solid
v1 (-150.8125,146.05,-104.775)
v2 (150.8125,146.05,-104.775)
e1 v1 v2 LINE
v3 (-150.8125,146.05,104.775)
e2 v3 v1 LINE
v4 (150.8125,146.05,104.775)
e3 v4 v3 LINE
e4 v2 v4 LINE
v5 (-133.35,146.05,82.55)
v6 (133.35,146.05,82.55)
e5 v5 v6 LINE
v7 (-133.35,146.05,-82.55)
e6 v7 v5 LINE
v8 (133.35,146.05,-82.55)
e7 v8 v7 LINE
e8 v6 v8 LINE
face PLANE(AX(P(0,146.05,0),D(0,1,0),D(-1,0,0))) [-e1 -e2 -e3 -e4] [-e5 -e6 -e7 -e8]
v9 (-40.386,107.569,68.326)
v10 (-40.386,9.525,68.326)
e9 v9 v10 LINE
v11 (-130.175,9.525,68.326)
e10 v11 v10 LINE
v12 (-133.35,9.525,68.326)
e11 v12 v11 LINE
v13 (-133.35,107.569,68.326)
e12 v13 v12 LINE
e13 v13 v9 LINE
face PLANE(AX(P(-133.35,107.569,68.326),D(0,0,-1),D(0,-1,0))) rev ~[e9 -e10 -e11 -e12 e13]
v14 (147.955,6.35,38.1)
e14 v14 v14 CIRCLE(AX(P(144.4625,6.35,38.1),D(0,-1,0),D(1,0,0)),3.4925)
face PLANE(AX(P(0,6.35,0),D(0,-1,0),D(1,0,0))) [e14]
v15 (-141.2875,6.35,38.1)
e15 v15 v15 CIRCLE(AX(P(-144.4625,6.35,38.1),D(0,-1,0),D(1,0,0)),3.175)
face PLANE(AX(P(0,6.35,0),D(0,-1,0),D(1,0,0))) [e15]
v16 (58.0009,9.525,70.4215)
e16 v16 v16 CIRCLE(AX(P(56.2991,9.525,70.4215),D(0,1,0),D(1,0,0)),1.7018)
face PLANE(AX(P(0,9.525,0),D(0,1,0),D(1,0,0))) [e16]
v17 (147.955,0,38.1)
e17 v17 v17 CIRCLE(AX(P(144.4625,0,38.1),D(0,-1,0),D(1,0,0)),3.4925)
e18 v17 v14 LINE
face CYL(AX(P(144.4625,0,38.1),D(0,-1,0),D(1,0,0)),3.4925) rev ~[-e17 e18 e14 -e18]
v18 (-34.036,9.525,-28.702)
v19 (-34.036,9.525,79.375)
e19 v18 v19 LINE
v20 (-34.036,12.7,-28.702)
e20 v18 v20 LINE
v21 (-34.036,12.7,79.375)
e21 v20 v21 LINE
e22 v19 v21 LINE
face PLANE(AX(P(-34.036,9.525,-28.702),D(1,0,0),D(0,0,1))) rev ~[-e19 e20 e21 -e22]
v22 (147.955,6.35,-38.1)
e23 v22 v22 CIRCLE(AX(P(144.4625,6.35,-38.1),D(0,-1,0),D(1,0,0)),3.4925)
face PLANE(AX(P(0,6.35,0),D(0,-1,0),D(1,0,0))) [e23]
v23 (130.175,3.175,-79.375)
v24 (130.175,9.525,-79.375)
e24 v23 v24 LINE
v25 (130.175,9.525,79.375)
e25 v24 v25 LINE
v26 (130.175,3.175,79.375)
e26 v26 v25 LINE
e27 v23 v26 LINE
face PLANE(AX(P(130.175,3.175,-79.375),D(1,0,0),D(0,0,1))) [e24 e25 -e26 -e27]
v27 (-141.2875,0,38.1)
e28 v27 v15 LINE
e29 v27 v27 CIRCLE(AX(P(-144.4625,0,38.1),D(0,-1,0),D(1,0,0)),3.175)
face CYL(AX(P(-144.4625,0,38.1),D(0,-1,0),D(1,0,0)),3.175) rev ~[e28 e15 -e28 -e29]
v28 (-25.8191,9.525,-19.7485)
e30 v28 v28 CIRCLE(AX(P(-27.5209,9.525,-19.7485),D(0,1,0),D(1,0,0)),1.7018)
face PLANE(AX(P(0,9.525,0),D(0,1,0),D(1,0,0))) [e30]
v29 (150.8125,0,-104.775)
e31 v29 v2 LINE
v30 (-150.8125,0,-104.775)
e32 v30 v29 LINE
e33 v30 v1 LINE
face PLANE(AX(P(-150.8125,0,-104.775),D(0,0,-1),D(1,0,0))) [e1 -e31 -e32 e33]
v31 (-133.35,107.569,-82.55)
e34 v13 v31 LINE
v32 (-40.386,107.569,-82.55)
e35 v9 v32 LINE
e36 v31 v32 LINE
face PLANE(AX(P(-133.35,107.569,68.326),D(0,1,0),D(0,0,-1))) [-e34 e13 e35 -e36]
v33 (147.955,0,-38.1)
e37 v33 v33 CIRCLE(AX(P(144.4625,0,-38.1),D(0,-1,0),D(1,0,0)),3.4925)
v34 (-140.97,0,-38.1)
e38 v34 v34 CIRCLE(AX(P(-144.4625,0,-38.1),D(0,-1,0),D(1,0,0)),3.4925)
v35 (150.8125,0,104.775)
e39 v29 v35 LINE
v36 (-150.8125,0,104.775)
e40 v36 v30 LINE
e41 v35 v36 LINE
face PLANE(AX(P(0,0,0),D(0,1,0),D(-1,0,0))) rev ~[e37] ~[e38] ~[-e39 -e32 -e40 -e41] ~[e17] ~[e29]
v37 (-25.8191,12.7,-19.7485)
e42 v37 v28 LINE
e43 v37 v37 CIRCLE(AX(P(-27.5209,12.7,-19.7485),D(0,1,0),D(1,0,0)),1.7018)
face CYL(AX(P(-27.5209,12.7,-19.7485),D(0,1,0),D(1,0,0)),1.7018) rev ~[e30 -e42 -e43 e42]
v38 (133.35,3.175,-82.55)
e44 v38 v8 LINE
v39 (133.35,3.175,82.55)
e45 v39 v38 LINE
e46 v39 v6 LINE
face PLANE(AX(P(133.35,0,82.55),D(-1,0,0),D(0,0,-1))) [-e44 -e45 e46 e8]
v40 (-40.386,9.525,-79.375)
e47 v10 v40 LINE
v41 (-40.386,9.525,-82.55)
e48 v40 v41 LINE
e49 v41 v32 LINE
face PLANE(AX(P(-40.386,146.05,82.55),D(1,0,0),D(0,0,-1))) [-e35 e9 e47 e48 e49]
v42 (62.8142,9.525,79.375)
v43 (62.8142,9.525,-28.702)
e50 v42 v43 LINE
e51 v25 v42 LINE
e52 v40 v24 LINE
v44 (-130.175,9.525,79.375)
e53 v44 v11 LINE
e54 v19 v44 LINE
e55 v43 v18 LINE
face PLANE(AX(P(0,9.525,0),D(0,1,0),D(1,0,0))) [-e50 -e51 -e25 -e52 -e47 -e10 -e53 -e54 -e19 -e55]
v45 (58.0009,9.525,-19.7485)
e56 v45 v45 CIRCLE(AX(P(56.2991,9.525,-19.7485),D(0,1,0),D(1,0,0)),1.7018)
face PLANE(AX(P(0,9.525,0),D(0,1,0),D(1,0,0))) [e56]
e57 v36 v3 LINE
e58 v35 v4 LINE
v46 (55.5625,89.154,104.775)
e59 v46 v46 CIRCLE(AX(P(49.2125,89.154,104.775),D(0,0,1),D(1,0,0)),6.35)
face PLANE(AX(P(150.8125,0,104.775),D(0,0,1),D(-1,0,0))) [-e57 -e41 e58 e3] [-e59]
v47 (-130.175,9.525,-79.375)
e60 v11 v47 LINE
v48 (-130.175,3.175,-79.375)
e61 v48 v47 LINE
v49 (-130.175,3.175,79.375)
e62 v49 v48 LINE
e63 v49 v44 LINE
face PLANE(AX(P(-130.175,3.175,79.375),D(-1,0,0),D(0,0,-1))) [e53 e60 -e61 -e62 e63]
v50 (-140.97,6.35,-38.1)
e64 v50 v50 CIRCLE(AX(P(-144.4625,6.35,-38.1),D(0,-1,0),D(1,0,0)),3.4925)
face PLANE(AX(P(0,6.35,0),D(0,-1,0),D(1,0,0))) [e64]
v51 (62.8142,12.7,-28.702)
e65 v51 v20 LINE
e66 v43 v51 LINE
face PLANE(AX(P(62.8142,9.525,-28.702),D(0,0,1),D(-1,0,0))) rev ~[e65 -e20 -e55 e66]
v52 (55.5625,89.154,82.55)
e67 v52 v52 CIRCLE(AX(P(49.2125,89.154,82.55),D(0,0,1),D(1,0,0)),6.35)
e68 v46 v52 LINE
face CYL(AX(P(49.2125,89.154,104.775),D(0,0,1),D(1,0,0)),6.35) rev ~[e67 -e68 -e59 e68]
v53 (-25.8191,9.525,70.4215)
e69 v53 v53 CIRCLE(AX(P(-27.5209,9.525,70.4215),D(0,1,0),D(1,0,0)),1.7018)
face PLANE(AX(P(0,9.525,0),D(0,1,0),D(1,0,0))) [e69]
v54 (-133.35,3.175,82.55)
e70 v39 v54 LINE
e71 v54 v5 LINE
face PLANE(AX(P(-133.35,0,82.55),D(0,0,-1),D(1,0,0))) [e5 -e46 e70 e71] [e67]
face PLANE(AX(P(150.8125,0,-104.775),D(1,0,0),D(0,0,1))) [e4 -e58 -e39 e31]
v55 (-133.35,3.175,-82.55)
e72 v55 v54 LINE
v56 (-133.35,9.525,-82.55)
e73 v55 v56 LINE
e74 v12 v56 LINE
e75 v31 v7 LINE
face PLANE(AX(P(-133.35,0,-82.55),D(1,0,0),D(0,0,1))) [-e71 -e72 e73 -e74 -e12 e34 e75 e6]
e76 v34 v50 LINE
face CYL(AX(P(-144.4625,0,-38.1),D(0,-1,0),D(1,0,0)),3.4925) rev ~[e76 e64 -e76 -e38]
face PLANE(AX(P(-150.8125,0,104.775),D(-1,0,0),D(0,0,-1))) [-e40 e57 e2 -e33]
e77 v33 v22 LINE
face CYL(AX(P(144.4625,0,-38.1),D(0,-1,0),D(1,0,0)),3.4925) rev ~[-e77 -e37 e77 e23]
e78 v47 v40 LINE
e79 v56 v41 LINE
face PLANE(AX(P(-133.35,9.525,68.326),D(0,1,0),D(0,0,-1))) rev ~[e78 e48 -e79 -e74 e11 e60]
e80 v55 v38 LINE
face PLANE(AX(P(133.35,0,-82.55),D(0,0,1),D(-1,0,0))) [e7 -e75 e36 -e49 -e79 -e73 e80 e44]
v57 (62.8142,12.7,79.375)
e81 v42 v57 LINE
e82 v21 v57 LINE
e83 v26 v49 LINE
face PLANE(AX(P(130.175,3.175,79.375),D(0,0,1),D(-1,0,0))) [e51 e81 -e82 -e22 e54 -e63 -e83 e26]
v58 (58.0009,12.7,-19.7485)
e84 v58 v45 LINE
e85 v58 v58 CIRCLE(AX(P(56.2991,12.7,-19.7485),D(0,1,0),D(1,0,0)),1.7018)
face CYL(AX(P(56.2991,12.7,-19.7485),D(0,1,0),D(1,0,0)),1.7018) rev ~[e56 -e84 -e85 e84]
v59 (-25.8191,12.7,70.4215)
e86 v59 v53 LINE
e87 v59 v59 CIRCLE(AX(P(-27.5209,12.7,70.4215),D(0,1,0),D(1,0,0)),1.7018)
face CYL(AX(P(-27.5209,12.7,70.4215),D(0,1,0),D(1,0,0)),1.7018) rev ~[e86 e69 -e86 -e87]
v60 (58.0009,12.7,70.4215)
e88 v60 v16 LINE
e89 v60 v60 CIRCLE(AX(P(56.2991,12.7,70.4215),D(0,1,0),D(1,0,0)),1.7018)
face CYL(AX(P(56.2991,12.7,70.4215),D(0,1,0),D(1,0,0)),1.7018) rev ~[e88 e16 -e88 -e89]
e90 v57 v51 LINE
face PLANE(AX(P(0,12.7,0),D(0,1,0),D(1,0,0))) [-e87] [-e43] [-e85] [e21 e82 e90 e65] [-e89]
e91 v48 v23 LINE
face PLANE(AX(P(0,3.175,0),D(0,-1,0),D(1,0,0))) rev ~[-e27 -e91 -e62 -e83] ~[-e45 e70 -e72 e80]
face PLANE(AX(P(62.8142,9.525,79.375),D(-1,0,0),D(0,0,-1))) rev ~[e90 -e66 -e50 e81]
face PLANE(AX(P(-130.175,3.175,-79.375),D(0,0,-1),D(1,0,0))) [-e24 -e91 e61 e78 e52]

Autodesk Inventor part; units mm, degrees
ref_plane "YZ Plane" through (0, 0, 0) normal (1, 0, 0) x (0, 1, 0)
ref_plane "XZ Plane" through (0, 0, 0) normal (0, 1, 0) x (-1, 0, 0)
ref_plane "XY Plane" through (0, 0, 0) normal (0, 0, 1) x (1, 0, 0)
sketch "Sketch1" plane through (0, 0, 0) normal (0, 1, 0) x (-1, 0, 0)
  line L0 (133.35, 82.55) -> (-133.35, 82.55)
  line L1 (-133.35, 82.55) -> (-133.35, -82.55)
  line L2 (-133.35, -82.55) -> (133.35, -82.55)
  line L3 (133.35, -82.55) -> (133.35, 82.55)
  line L4 (133.35, 82.55) -> (-133.35, -82.55) construction
  line L5 (-133.35, 82.55) -> (133.35, -82.55) construction
  line L6 (-150.8125, 104.775) -> (150.8125, 104.775)
  line L7 (150.8125, 104.775) -> (150.8125, -104.775)
  line L8 (150.8125, -104.775) -> (-150.8125, -104.775)
  line L9 (-150.8125, -104.775) -> (-150.8125, 104.775)
  line L10 (-150.8125, 104.775) -> (150.8125, -104.775) construction
  line L11 (150.8125, 104.775) -> (-150.8125, -104.775) construction
  point P0 (0, 0)
  dimension "d0" = 165.1
  dimension "d1" = 266.7
  dimension "d2" = 209.55
  dimension "d3" = 301.625
extrude "Extrusion1" add sketch "Sketch1" along normal blind 146.05
sketch "Sketch2" plane through (0, 0, 0) normal (0, -1, 0) x (1, 0, 0)
  line L0 (133.35, 82.55) -> (-133.35, 82.55) projected
  line L1 (-133.35, -82.55) -> (133.35, -82.55) projected
  line L2 (-133.35, 82.55) -> (133.35, 82.55)
  line L3 (133.35, 82.55) -> (133.35, -82.55)
  line L4 (133.35, -82.55) -> (-133.35, -82.55)
  line L5 (-133.35, -82.55) -> (-133.35, 82.55)
  point P0 (0, 0)
  point P1 (133.35, 82.55)
  point P2 (-133.35, -82.55)
extrude "Extrusion2" add sketch "Sketch2" against normal blind 3.175
sketch "Sketch3" plane through (0, 3.175, 0) normal (0, 1, 0) x (1, 0, 0)
  line L0 (-133.35, -82.55) -> (-133.35, 82.55) projected
  line L1 (-133.35, 82.55) -> (133.35, 82.55) projected
  line L2 (-133.35, -82.55) -> (133.35, -82.55)
  line L3 (133.35, -82.55) -> (133.35, 82.55)
  line L4 (133.35, 82.55) -> (-133.35, 82.55)
  line L5 (-133.35, 82.55) -> (-133.35, -82.55)
  line L6 (130.175, -79.375) -> (-130.175, -79.375)
  line L7 (-130.175, -79.375) -> (-130.175, 79.375)
  line L8 (-130.175, 79.375) -> (130.175, 79.375)
  line L9 (130.175, 79.375) -> (130.175, -79.375)
  point P0 (0, 0)
  dimension "d8" = 3.175
extrude "Extrusion3" add sketch "Sketch3" along normal blind 6.35 contours L6 L7 L8 L9
sketch "Sketch5" plane through (-133.35, 146.05, 82.55) normal (1, 0, 0) x (0, 0, -1)
  line L0 (0, -38.481) -> (165.1, -38.481)
  line L1 (165.1, -38.481) -> (14.224, -38.481)
  line L2 (14.224, -38.481) -> (14.224, -136.525)
  line L3 (14.224, -136.525) -> (165.1, -136.525)
  line L4 (165.1, -136.525) -> (165.1, -38.481)
  point P0 (82.55, -146.05)
  point P1 (165.1, -142.875)
  dimension "d15" = 98.044
  dimension "d16" = 150.876
  dimension "d19" = 6.35
extrude "Extrusion5" add sketch "Sketch5" along normal blind 92.964
sketch "Sketch6" plane through (0, 9.525, 0) normal (0, 1, 0) x (1, 0, 0)
  line L0 (62.8142, 28.702) -> (-34.036, 28.702)
  line L1 (-34.036, 28.702) -> (-34.036, -79.375)
  line L2 (-34.036, -79.375) -> (62.8142, -79.375)
  line L3 (62.8142, -79.375) -> (62.8142, 28.702)
  line L4 (-130.175, -79.375) -> (130.175, -79.375) projected
  line L5 (-40.386, 82.55) -> (-40.386, -68.326) projected
  point P0 (0, 0)
  dimension "d20" = 108.077
  dimension "d21" = 96.8502
  dimension "d61" = 0
  dimension "d62" = 6.35
extrude "Extrusion6" add sketch "Sketch6" along normal blind 3.175
sketch "Sketch8" plane through (0, 0, 0) normal (0, -1, 0) x (1, 0, 0)
  circle A0 centre (144.4625, 38.1) radius 3.4925
  line L0 (-150.8125, 104.775) -> (150.8125, 104.775) projected
  line L1 (150.8125, 104.775) -> (150.8125, -104.775) projected
  circle A1 centre (144.4625, -38.1) radius 3.4925
  line L2 (150.8125, -104.775) -> (-150.8125, -104.775) projected
  circle A2 centre (-144.4625, 38.1) radius 3.175
  circle A3 centre (-144.4625, -38.1) radius 3.4925
  line L3 (-150.8125, -104.775) -> (-150.8125, 104.775) projected
  line L4 (150.8125, 50.8) -> (-150.8125, 50.8)
  line L5 (150.8125, -50.8) -> (-150.8125, -50.8)
  point P0 (0, 0)
  dimension "d28" = 6.985
  dimension "d30" = 6.35
  dimension "d31" = 6.35
  dimension "d33" = 6.985
  dimension "d34" = 6.35
  dimension "d36" = 6.35
  dimension "d38" = 6.985
  dimension "d39" = 6.35
  dimension "d55" = 50.8
  dimension "d56" = 50.8
  dimension "d57" = 12.7
  dimension "d58" = 12.7
  dimension "d59" = 12.7
  dimension "d60" = 12.7
extrude "Extrusion8" cut sketch "Sketch8" against normal blind 6.35 contours A0 | A1 | A2 | A3
sketch "Sketch11" plane through (0, 12.7, 0) normal (0, 1, 0) x (1, 0, 0)
  circle A0 centre (56.2991, 19.7485) radius 1.7018
  circle A1 centre (56.2991, -70.4215) radius 1.7018
  circle A2 centre (-27.5209, 19.7485) radius 1.7018
  circle A3 centre (-27.5209, -70.4215) radius 1.7018
  line L0 (62.8142, 28.702) -> (-34.036, 28.702) projected
  line L1 (-34.036, -79.375) -> (62.8142, -79.375) projected
  line L2 (62.8142, -79.375) -> (62.8142, 28.702) projected
  line L3 (-34.036, 28.702) -> (-34.036, -79.375) projected
  point P0 (0, 0)
  dimension "d82" = 3.4036
  dimension "d83" = 83.82
  dimension "d85" = 83.82
  dimension "d87" = 6.5151
  dimension "d88" = 6.5151
  dimension "d89" = 90.17
  dimension "d90" = 8.9535
  dimension "d91" = 3.4036
  dimension "d92" = 3.4036
  dimension "d93" = 3.4036
extrude "Extrusion11" cut sketch "Sketch11" against normal up to surface (3.175 mm away) contours A0 | A1 | A2 | A3
sketch "Sketch12" plane through (-150.8125, 0, 104.775) normal (0, 0, 1) x (1, 0, 0)
  circle A0 centre (200.025, 89.154) radius 6.35
  line L0 (301.625, 0) -> (301.625, 146.05) projected
  line L1 (0, 146.05) -> (301.625, 146.05) projected
  point P0 (150.8125, 0)
  dimension "d77" = 12.7
  dimension "d78" = 101.6
  dimension "d79" = 56.896
extrude "Extrusion12" cut sketch "Sketch12" against normal up to surface (22.225 mm away)
properties part number "JunctionBox" material "ABS Plastic"
